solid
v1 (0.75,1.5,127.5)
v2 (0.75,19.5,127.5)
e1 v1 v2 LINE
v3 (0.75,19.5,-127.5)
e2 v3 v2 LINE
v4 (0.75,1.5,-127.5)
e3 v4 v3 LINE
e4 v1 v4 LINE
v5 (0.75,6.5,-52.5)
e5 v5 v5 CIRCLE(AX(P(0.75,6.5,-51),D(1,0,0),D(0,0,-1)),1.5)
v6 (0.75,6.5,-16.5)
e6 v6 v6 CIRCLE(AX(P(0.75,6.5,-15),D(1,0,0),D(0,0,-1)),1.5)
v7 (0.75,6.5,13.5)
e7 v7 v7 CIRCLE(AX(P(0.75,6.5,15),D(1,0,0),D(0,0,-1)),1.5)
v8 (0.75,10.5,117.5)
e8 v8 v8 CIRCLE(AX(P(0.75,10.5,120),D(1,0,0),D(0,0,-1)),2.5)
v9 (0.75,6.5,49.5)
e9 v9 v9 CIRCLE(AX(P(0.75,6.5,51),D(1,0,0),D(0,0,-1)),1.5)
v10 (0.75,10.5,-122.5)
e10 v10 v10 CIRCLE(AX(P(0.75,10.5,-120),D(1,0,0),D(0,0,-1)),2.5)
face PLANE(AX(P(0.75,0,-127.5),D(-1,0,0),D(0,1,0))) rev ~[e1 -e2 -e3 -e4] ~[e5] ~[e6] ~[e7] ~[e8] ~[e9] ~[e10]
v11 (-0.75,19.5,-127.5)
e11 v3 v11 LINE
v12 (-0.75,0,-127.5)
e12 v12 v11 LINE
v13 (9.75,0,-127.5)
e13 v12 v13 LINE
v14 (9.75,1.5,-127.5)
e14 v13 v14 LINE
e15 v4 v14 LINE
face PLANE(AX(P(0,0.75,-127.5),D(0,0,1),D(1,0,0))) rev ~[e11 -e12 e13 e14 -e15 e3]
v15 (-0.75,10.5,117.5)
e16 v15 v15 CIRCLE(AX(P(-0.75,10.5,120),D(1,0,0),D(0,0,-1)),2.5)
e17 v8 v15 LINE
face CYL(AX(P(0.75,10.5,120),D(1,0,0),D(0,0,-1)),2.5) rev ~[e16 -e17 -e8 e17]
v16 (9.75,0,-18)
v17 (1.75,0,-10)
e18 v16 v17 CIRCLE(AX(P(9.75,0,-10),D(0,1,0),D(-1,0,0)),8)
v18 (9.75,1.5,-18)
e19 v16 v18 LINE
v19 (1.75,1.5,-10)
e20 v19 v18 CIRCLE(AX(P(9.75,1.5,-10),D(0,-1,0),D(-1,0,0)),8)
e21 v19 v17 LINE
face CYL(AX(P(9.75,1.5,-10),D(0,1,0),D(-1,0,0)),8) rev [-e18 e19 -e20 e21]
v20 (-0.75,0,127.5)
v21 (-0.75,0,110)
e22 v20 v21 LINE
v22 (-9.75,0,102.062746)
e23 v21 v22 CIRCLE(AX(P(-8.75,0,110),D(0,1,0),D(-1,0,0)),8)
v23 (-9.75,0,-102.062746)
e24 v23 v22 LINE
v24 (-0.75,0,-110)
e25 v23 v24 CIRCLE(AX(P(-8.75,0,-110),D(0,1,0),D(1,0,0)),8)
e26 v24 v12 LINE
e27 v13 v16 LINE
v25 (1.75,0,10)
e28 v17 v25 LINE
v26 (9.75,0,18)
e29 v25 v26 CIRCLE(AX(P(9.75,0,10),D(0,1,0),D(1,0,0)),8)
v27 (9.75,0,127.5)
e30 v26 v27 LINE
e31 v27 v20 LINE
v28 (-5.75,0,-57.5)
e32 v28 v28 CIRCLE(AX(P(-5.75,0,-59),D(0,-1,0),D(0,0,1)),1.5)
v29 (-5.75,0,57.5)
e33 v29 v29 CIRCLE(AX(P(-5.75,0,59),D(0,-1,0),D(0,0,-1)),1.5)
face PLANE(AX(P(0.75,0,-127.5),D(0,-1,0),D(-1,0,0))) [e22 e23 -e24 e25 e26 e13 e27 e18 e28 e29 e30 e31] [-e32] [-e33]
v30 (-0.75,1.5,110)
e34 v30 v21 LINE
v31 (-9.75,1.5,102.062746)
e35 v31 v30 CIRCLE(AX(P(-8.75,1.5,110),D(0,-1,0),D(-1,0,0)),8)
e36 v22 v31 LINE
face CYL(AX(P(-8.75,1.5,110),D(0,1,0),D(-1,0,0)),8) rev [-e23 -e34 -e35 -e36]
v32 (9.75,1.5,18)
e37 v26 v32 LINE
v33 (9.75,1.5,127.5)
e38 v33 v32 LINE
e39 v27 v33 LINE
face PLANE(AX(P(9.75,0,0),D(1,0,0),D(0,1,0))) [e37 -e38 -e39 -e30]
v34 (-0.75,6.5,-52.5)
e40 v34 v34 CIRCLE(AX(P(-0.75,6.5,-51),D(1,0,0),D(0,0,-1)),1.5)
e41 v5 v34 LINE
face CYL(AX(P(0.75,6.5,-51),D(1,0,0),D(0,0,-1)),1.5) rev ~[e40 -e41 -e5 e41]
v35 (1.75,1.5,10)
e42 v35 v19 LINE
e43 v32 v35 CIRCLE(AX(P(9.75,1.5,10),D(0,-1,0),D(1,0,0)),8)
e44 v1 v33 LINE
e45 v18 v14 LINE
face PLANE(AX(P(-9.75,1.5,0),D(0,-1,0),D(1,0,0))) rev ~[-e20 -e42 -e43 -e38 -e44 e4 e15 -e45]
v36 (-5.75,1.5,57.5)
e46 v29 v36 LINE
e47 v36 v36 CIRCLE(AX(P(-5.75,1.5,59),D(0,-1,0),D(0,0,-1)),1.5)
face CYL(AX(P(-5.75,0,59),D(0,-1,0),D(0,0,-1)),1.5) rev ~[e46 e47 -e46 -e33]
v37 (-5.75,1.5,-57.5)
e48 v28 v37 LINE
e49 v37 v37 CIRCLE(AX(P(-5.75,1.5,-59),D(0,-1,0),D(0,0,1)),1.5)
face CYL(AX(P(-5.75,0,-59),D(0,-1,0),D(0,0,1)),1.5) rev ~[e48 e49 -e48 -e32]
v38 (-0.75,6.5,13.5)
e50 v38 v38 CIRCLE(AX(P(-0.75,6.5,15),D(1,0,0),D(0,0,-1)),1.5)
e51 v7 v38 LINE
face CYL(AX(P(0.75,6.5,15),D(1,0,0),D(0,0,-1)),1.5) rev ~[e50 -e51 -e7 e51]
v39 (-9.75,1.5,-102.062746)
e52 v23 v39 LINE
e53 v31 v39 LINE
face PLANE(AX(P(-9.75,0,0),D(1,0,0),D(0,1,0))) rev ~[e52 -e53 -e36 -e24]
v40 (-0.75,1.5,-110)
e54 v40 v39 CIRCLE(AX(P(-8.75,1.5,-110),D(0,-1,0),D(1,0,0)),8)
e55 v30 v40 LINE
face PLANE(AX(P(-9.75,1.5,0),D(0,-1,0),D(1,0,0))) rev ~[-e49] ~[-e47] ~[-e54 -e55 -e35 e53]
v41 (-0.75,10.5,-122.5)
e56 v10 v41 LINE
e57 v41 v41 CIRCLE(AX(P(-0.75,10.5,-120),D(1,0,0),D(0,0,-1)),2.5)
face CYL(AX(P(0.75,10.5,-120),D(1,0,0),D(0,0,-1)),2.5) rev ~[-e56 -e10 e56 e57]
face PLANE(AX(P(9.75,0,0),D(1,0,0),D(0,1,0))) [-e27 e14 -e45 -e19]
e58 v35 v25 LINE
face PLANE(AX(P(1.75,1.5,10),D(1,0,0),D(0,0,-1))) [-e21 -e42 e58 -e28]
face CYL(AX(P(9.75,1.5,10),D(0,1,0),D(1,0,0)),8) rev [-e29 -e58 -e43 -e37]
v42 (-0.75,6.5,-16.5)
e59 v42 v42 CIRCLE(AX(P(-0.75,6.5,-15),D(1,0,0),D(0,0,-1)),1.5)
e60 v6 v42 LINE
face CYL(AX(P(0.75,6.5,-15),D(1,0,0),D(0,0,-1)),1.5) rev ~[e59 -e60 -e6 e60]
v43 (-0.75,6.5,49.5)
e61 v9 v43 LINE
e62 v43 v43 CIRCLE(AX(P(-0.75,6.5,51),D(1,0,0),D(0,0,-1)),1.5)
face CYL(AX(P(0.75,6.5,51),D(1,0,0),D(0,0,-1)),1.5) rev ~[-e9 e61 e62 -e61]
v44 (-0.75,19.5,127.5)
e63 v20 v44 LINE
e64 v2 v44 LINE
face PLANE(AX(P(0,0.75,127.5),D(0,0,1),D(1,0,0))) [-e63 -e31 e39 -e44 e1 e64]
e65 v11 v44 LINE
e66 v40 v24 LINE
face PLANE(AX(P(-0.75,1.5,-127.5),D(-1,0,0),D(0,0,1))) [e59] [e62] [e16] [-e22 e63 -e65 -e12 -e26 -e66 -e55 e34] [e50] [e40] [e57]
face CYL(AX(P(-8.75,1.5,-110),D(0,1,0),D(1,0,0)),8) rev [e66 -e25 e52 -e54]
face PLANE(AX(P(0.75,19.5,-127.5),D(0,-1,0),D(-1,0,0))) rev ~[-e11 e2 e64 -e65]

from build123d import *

# Parameters (mm, degrees)
ESQUISSE1_W             = 19.5
ESQUISSE1_H             = 1.5
EXTRU_MINCE1_DEPTH      = 127.5
ESQUISSE2_W             = 1.5
ESQUISSE2_H             = 19.5
EXTRU_MINCE2_DEPTH      = 255
ENL_V_MAT_EXTRU_1_DEPTH = 130.132925701
ESQUISSE4_R             = 2.5
ENL_V_MAT_EXTRU_2_DEPTH = 130.409234601
ESQUISSE5_R             = 1.5
ENL_V_MAT_EXTRU_3_DEPTH = 130.350541166
ESQUISSE6_R             = 1.5
ENL_V_MAT_EXTRU_4_DEPTH = 130.409234601


with BuildPart() as part:
    # Esquisse1 → Extru.-Mince1 (new, symmetric)
    with BuildSketch(Plane.XY):
        with Locations((0, 0.75)):
            Rectangle(ESQUISSE1_W, ESQUISSE1_H)
    extrude(amount=EXTRU_MINCE1_DEPTH, both=True)

    # Esquisse2 → Extru.-Mince2 (add)
    with BuildSketch(Plane(origin=(0, 0, -127.5), x_dir=(-1, 0, 0), z_dir=(0, 0, -1))):
        with Locations((0, 9.75)):
            Rectangle(ESQUISSE2_W, ESQUISSE2_H)
    extrude(amount=-EXTRU_MINCE2_DEPTH)

    # Esquisse3 → Enlèv. mat.-Extru.1 (cut, through all)
    with BuildSketch(Plane(origin=(0, 1.5, 0), x_dir=(1, 0, 0), z_dir=(0, 1, 0))):
        with BuildLine():
            Line((-0.75, 127.5), (-0.75, 110))
            ThreePointArc((-0.75, 110), (-8.75, 102), (-16.75, 110))
            Line((-16.75, 110), (-16.75, 127.5))
            ThreePointArc((-16.75, 127.5), (-8.75, 135.5), (-0.75, 127.5))
        make_face()
        with BuildLine():
            Line((17.75, 10), (17.75, -10))
            ThreePointArc((17.75, -10), (9.75, -18), (1.75, -10))
            Line((1.75, -10), (1.75, 10))
            ThreePointArc((1.75, 10), (9.75, 18), (17.75, 10))
        make_face()
        with BuildLine():
            Line((-16.75, -127.5), (-16.75, -110))
            ThreePointArc((-16.75, -110), (-8.75, -102), (-0.75, -110))
            Line((-0.75, -110), (-0.75, -127.5))
            ThreePointArc((-0.75, -127.5), (-8.75, -135.5), (-16.75, -127.5))
        make_face()
    extrude(amount=-ENL_V_MAT_EXTRU_1_DEPTH, mode=Mode.SUBTRACT)

    # Esquisse4 → Enlèv. mat.-Extru.2 (cut, through all)
    with BuildSketch(Plane(origin=(0.75, 0, 0), x_dir=(0, 0, -1), z_dir=(1, 0, 0))):
        with Locations((-120, 10.5)):
            Circle(ESQUISSE4_R)
        with Locations((120, 10.5)):
            Circle(ESQUISSE4_R)
    extrude(amount=-ENL_V_MAT_EXTRU_2_DEPTH, mode=Mode.SUBTRACT)

    # Esquisse5 → Enlèv. mat.-Extru.3 (cut, through all)
    with BuildSketch(Plane.XZ):
        with Locations(Location((-5.75, 59, 0), (0, 0, 270))):
            Circle(ESQUISSE5_R)
        with Locations(Location((-5.75, -59, 0), (0, 0, 90))):
            Circle(ESQUISSE5_R)
    extrude(amount=-ENL_V_MAT_EXTRU_3_DEPTH, mode=Mode.SUBTRACT)

    # Esquisse6 → Enlèv. mat.-Extru.4 (cut, through all)
    with BuildSketch(Plane(origin=(0.75, 0, 0), x_dir=(0, 0, -1), z_dir=(1, 0, 0))):
        with Locations((-51, 6.5)):
            Circle(ESQUISSE6_R)
        with Locations((-15, 6.5)):
            Circle(ESQUISSE6_R)
        with Locations((15, 6.5)):
            Circle(ESQUISSE6_R)
        with Locations((51, 6.5)):
            Circle(ESQUISSE6_R)
    extrude(amount=-ENL_V_MAT_EXTRU_4_DEPTH, mode=Mode.SUBTRACT)


solid = part.part
